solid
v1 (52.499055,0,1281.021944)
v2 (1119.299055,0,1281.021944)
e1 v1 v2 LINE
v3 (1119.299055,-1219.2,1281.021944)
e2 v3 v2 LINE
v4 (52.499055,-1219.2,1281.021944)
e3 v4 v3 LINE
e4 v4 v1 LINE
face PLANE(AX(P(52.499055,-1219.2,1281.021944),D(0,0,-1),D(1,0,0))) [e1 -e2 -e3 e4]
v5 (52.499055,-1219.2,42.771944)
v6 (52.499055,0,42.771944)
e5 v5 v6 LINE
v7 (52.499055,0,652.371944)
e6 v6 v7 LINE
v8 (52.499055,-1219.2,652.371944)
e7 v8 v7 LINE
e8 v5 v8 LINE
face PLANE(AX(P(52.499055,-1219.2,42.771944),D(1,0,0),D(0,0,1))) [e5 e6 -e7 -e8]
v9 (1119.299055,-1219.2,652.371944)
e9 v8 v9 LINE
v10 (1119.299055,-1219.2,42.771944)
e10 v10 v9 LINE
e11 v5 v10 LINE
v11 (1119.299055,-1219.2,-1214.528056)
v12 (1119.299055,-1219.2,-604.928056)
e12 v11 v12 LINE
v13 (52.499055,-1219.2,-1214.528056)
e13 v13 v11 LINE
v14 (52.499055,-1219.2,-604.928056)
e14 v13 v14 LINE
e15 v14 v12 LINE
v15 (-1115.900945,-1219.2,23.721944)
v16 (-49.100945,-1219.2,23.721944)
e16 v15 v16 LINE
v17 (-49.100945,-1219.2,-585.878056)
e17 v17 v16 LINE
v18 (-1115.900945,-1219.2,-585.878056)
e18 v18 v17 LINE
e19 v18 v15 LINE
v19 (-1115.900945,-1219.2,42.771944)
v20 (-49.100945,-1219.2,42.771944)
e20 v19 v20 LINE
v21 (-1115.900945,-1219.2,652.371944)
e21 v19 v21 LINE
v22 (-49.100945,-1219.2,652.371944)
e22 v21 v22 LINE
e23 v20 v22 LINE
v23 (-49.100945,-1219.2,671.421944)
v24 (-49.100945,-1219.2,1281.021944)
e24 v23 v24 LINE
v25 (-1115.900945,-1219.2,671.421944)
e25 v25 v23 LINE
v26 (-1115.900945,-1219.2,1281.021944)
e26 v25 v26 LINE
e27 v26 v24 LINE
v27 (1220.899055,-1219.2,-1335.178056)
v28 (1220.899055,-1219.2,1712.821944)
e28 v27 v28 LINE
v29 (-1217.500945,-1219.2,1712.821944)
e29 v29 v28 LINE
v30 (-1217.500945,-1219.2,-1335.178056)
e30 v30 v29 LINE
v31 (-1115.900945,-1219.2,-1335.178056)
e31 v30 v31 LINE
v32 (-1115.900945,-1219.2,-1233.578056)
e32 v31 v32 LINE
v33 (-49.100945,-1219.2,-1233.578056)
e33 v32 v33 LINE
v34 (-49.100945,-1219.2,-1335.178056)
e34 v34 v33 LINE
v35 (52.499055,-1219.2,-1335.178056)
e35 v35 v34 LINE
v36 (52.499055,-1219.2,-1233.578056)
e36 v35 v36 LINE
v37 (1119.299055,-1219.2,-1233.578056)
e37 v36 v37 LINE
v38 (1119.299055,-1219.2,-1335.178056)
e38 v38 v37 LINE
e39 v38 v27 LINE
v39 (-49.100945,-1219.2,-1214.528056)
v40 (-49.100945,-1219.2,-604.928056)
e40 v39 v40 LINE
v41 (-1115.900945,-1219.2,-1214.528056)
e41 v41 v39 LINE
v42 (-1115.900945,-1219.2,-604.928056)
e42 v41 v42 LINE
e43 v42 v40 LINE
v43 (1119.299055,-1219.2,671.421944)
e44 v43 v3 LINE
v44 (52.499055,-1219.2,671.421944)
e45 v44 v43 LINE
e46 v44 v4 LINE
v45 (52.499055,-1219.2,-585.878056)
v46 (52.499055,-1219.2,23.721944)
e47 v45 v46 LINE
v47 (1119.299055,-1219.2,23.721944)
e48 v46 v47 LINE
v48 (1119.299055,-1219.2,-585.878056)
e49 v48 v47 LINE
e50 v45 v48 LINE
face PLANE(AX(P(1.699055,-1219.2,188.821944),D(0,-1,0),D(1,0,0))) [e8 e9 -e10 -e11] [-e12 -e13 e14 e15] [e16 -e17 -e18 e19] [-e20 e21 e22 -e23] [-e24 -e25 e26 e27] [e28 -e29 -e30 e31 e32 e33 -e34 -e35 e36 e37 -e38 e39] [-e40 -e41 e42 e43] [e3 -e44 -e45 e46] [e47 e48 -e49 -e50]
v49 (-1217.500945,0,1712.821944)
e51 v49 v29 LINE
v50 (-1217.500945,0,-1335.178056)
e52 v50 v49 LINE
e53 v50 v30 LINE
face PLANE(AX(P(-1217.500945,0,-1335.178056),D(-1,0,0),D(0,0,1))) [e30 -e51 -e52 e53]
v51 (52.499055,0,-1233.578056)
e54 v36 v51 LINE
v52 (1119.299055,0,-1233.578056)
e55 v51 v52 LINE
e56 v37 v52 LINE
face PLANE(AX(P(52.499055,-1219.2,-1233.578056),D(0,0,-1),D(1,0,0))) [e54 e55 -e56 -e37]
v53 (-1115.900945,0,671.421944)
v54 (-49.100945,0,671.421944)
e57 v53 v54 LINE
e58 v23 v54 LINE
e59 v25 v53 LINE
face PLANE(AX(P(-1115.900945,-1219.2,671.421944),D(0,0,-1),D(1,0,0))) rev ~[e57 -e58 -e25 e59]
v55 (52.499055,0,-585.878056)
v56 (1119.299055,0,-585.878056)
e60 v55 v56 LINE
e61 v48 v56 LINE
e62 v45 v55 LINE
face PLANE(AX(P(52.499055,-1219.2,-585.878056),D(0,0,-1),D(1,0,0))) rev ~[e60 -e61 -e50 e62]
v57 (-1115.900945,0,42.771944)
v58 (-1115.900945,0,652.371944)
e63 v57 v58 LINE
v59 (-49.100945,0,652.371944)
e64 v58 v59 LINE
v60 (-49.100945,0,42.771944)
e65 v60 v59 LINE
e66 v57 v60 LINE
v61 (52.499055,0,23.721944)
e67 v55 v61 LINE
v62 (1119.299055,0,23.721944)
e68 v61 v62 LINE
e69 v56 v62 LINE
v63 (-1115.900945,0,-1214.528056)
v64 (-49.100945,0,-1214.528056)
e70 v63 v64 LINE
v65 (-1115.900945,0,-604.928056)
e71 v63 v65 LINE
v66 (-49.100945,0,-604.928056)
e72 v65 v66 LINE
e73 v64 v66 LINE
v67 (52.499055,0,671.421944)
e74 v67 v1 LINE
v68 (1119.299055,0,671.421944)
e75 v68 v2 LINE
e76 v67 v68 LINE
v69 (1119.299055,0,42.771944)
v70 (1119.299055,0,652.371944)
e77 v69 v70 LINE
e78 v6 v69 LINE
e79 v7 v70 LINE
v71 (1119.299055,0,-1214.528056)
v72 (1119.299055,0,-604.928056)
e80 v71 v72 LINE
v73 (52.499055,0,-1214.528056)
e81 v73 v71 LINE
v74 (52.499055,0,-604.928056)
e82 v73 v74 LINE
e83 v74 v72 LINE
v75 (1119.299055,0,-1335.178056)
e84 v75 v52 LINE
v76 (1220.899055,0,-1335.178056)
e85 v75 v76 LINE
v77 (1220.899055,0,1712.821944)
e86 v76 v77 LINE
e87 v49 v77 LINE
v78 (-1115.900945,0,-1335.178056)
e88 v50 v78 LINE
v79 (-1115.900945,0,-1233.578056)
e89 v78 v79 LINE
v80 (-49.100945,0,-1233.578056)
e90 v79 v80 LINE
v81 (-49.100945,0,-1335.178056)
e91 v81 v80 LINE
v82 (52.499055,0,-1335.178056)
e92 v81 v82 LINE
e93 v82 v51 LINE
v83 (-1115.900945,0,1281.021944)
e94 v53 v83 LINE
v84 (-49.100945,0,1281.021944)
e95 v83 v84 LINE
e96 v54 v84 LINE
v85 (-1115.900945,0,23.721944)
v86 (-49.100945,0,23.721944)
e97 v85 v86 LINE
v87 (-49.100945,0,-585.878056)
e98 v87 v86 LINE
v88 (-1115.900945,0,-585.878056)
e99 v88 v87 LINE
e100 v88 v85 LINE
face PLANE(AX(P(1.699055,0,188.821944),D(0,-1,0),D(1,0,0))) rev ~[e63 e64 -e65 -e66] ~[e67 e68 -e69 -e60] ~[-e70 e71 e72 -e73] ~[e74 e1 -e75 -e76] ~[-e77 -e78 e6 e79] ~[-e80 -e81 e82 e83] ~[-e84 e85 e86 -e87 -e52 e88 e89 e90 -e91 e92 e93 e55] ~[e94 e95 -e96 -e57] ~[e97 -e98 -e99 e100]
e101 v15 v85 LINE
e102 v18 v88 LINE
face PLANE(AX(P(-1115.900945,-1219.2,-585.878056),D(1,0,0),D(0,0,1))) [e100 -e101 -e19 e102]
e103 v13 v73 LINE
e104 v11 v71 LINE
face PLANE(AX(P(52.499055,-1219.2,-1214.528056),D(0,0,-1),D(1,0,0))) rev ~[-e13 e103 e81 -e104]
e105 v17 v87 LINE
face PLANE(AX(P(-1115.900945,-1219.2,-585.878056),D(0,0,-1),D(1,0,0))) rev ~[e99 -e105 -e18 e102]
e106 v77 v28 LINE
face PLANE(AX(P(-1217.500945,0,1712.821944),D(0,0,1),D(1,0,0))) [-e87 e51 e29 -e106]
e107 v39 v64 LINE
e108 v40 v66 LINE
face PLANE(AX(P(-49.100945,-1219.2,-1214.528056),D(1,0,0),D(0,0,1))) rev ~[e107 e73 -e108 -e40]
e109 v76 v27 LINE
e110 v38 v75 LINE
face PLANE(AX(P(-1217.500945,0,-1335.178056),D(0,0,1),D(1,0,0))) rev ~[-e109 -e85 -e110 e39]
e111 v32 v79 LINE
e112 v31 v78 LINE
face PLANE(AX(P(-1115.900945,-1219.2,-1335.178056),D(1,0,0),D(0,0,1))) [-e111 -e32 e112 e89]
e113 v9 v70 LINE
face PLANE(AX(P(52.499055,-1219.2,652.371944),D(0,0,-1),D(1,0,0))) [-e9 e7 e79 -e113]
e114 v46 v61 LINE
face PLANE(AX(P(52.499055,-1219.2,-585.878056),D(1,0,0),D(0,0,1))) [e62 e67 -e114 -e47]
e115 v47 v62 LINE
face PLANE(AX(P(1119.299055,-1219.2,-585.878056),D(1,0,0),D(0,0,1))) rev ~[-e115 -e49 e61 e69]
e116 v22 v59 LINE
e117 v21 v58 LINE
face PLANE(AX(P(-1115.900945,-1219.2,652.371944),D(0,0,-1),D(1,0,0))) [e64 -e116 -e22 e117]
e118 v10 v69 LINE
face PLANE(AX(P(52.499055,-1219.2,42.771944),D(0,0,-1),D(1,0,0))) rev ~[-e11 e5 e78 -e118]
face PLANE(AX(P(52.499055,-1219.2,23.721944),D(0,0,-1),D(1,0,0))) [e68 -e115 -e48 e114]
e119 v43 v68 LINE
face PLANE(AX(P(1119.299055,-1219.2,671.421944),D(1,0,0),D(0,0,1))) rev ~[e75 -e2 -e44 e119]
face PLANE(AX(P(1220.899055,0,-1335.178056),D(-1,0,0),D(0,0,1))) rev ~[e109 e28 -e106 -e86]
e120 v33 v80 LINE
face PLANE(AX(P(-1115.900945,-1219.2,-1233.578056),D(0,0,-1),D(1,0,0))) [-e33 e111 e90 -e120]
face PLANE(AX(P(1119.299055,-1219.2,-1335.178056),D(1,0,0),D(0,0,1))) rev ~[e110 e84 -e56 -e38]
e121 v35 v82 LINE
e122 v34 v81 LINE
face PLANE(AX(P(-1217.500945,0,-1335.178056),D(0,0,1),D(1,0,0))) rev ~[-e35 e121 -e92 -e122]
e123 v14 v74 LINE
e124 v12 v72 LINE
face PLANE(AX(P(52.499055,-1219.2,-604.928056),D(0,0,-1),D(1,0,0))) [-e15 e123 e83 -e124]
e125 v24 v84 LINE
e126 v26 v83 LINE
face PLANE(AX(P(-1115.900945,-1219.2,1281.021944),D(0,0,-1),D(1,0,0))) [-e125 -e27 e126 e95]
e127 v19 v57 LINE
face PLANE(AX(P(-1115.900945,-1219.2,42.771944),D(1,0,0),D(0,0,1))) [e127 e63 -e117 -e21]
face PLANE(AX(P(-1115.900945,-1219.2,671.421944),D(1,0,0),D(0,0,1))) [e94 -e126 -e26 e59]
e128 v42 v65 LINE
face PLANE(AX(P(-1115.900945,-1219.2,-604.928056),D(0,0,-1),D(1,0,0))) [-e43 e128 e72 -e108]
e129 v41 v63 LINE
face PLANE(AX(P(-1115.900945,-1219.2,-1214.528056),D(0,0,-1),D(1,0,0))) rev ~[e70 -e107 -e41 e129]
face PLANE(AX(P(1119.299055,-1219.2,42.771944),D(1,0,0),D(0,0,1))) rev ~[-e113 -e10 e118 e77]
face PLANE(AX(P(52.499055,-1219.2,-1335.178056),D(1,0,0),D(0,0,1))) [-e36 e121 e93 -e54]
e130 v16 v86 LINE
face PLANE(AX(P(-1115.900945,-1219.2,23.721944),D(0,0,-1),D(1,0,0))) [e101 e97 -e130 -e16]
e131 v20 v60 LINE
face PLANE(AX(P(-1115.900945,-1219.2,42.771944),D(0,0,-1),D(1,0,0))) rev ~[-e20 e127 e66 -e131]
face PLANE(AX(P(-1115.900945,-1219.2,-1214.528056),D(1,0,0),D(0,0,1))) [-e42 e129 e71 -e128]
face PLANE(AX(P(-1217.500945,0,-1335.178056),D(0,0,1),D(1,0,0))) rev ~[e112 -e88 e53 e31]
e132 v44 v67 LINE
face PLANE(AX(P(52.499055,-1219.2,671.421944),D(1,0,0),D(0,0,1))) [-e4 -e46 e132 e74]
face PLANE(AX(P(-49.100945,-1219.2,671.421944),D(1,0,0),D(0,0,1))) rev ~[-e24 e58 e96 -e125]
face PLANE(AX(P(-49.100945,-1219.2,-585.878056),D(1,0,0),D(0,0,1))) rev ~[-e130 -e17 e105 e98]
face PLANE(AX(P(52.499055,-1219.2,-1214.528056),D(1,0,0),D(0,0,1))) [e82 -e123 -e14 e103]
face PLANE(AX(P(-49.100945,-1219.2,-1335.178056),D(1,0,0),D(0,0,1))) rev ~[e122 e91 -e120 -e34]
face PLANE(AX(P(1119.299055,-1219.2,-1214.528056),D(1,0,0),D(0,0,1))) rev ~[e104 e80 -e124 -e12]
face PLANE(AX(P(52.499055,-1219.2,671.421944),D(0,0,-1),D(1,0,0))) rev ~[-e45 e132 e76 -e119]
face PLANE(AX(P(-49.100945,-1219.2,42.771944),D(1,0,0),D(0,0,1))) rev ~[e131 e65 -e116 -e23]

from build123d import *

# Parameters (mm, degrees)
F0_W     = 2438.4
F0_H     = 3048
F1_DEPTH = 1219.2
F2_W     = 3449.267149
F2_H     = 3677.94764
F2_W_2   = 1066.8
F2_H_2   = 609.6
F2_H_3   = 101.6
F3_DEPTH = 1219.201


with BuildPart() as f1:
    # F0 (on Front) → F1 (new body)
    with BuildSketch(Plane.XZ):
        with Locations((1.699055, 188.821944)):
            Rectangle(F0_W, F0_H)
    extrude(amount=F1_DEPTH)

    # F2 (on face) → F3 (cut, through all)
    with BuildSketch(Plane.XZ.offset(1219.2)):
        with Locations((4.70686, 94.855368)):
            Rectangle(F2_W, F2_H)
        Polygon((-49.100945, -1335.178056), (-1115.900945, -1335.178056), (-1217.500945, -1335.178056), (-1217.500945, 1712.821944), (1220.899055, 1712.821944), (1220.899055, -1335.178056), (1119.299055, -1335.178056), (52.499055, -1335.178056), align=None, mode=Mode.SUBTRACT)
        with Locations((-582.500945, 976.221944)):
            Rectangle(F2_W_2, F2_H_2)
        with Locations((-582.500945, 347.571944)):
            Rectangle(F2_W_2, F2_H_2)
        with Locations((585.899055, 347.571944)):
            Rectangle(F2_W_2, F2_H_2)
        with Locations((585.899055, 976.221944)):
            Rectangle(F2_W_2, F2_H_2)
        with Locations((585.899055, -281.078056)):
            Rectangle(F2_W_2, F2_H_2)
        with Locations((585.899055, -909.728056)):
            Rectangle(F2_W_2, F2_H_2)
        with Locations((-582.500945, -909.728056)):
            Rectangle(F2_W_2, F2_H_2)
        with Locations((-582.500945, -281.078056)):
            Rectangle(F2_W_2, F2_H_2)
        with Locations((-582.500945, -1284.378056)):
            Rectangle(F2_W_2, F2_H_3)
        with Locations((585.899055, -1284.378056)):
            Rectangle(F2_W_2, F2_H_3)
    extrude(amount=-F3_DEPTH, mode=Mode.SUBTRACT)


solid = f1.part
